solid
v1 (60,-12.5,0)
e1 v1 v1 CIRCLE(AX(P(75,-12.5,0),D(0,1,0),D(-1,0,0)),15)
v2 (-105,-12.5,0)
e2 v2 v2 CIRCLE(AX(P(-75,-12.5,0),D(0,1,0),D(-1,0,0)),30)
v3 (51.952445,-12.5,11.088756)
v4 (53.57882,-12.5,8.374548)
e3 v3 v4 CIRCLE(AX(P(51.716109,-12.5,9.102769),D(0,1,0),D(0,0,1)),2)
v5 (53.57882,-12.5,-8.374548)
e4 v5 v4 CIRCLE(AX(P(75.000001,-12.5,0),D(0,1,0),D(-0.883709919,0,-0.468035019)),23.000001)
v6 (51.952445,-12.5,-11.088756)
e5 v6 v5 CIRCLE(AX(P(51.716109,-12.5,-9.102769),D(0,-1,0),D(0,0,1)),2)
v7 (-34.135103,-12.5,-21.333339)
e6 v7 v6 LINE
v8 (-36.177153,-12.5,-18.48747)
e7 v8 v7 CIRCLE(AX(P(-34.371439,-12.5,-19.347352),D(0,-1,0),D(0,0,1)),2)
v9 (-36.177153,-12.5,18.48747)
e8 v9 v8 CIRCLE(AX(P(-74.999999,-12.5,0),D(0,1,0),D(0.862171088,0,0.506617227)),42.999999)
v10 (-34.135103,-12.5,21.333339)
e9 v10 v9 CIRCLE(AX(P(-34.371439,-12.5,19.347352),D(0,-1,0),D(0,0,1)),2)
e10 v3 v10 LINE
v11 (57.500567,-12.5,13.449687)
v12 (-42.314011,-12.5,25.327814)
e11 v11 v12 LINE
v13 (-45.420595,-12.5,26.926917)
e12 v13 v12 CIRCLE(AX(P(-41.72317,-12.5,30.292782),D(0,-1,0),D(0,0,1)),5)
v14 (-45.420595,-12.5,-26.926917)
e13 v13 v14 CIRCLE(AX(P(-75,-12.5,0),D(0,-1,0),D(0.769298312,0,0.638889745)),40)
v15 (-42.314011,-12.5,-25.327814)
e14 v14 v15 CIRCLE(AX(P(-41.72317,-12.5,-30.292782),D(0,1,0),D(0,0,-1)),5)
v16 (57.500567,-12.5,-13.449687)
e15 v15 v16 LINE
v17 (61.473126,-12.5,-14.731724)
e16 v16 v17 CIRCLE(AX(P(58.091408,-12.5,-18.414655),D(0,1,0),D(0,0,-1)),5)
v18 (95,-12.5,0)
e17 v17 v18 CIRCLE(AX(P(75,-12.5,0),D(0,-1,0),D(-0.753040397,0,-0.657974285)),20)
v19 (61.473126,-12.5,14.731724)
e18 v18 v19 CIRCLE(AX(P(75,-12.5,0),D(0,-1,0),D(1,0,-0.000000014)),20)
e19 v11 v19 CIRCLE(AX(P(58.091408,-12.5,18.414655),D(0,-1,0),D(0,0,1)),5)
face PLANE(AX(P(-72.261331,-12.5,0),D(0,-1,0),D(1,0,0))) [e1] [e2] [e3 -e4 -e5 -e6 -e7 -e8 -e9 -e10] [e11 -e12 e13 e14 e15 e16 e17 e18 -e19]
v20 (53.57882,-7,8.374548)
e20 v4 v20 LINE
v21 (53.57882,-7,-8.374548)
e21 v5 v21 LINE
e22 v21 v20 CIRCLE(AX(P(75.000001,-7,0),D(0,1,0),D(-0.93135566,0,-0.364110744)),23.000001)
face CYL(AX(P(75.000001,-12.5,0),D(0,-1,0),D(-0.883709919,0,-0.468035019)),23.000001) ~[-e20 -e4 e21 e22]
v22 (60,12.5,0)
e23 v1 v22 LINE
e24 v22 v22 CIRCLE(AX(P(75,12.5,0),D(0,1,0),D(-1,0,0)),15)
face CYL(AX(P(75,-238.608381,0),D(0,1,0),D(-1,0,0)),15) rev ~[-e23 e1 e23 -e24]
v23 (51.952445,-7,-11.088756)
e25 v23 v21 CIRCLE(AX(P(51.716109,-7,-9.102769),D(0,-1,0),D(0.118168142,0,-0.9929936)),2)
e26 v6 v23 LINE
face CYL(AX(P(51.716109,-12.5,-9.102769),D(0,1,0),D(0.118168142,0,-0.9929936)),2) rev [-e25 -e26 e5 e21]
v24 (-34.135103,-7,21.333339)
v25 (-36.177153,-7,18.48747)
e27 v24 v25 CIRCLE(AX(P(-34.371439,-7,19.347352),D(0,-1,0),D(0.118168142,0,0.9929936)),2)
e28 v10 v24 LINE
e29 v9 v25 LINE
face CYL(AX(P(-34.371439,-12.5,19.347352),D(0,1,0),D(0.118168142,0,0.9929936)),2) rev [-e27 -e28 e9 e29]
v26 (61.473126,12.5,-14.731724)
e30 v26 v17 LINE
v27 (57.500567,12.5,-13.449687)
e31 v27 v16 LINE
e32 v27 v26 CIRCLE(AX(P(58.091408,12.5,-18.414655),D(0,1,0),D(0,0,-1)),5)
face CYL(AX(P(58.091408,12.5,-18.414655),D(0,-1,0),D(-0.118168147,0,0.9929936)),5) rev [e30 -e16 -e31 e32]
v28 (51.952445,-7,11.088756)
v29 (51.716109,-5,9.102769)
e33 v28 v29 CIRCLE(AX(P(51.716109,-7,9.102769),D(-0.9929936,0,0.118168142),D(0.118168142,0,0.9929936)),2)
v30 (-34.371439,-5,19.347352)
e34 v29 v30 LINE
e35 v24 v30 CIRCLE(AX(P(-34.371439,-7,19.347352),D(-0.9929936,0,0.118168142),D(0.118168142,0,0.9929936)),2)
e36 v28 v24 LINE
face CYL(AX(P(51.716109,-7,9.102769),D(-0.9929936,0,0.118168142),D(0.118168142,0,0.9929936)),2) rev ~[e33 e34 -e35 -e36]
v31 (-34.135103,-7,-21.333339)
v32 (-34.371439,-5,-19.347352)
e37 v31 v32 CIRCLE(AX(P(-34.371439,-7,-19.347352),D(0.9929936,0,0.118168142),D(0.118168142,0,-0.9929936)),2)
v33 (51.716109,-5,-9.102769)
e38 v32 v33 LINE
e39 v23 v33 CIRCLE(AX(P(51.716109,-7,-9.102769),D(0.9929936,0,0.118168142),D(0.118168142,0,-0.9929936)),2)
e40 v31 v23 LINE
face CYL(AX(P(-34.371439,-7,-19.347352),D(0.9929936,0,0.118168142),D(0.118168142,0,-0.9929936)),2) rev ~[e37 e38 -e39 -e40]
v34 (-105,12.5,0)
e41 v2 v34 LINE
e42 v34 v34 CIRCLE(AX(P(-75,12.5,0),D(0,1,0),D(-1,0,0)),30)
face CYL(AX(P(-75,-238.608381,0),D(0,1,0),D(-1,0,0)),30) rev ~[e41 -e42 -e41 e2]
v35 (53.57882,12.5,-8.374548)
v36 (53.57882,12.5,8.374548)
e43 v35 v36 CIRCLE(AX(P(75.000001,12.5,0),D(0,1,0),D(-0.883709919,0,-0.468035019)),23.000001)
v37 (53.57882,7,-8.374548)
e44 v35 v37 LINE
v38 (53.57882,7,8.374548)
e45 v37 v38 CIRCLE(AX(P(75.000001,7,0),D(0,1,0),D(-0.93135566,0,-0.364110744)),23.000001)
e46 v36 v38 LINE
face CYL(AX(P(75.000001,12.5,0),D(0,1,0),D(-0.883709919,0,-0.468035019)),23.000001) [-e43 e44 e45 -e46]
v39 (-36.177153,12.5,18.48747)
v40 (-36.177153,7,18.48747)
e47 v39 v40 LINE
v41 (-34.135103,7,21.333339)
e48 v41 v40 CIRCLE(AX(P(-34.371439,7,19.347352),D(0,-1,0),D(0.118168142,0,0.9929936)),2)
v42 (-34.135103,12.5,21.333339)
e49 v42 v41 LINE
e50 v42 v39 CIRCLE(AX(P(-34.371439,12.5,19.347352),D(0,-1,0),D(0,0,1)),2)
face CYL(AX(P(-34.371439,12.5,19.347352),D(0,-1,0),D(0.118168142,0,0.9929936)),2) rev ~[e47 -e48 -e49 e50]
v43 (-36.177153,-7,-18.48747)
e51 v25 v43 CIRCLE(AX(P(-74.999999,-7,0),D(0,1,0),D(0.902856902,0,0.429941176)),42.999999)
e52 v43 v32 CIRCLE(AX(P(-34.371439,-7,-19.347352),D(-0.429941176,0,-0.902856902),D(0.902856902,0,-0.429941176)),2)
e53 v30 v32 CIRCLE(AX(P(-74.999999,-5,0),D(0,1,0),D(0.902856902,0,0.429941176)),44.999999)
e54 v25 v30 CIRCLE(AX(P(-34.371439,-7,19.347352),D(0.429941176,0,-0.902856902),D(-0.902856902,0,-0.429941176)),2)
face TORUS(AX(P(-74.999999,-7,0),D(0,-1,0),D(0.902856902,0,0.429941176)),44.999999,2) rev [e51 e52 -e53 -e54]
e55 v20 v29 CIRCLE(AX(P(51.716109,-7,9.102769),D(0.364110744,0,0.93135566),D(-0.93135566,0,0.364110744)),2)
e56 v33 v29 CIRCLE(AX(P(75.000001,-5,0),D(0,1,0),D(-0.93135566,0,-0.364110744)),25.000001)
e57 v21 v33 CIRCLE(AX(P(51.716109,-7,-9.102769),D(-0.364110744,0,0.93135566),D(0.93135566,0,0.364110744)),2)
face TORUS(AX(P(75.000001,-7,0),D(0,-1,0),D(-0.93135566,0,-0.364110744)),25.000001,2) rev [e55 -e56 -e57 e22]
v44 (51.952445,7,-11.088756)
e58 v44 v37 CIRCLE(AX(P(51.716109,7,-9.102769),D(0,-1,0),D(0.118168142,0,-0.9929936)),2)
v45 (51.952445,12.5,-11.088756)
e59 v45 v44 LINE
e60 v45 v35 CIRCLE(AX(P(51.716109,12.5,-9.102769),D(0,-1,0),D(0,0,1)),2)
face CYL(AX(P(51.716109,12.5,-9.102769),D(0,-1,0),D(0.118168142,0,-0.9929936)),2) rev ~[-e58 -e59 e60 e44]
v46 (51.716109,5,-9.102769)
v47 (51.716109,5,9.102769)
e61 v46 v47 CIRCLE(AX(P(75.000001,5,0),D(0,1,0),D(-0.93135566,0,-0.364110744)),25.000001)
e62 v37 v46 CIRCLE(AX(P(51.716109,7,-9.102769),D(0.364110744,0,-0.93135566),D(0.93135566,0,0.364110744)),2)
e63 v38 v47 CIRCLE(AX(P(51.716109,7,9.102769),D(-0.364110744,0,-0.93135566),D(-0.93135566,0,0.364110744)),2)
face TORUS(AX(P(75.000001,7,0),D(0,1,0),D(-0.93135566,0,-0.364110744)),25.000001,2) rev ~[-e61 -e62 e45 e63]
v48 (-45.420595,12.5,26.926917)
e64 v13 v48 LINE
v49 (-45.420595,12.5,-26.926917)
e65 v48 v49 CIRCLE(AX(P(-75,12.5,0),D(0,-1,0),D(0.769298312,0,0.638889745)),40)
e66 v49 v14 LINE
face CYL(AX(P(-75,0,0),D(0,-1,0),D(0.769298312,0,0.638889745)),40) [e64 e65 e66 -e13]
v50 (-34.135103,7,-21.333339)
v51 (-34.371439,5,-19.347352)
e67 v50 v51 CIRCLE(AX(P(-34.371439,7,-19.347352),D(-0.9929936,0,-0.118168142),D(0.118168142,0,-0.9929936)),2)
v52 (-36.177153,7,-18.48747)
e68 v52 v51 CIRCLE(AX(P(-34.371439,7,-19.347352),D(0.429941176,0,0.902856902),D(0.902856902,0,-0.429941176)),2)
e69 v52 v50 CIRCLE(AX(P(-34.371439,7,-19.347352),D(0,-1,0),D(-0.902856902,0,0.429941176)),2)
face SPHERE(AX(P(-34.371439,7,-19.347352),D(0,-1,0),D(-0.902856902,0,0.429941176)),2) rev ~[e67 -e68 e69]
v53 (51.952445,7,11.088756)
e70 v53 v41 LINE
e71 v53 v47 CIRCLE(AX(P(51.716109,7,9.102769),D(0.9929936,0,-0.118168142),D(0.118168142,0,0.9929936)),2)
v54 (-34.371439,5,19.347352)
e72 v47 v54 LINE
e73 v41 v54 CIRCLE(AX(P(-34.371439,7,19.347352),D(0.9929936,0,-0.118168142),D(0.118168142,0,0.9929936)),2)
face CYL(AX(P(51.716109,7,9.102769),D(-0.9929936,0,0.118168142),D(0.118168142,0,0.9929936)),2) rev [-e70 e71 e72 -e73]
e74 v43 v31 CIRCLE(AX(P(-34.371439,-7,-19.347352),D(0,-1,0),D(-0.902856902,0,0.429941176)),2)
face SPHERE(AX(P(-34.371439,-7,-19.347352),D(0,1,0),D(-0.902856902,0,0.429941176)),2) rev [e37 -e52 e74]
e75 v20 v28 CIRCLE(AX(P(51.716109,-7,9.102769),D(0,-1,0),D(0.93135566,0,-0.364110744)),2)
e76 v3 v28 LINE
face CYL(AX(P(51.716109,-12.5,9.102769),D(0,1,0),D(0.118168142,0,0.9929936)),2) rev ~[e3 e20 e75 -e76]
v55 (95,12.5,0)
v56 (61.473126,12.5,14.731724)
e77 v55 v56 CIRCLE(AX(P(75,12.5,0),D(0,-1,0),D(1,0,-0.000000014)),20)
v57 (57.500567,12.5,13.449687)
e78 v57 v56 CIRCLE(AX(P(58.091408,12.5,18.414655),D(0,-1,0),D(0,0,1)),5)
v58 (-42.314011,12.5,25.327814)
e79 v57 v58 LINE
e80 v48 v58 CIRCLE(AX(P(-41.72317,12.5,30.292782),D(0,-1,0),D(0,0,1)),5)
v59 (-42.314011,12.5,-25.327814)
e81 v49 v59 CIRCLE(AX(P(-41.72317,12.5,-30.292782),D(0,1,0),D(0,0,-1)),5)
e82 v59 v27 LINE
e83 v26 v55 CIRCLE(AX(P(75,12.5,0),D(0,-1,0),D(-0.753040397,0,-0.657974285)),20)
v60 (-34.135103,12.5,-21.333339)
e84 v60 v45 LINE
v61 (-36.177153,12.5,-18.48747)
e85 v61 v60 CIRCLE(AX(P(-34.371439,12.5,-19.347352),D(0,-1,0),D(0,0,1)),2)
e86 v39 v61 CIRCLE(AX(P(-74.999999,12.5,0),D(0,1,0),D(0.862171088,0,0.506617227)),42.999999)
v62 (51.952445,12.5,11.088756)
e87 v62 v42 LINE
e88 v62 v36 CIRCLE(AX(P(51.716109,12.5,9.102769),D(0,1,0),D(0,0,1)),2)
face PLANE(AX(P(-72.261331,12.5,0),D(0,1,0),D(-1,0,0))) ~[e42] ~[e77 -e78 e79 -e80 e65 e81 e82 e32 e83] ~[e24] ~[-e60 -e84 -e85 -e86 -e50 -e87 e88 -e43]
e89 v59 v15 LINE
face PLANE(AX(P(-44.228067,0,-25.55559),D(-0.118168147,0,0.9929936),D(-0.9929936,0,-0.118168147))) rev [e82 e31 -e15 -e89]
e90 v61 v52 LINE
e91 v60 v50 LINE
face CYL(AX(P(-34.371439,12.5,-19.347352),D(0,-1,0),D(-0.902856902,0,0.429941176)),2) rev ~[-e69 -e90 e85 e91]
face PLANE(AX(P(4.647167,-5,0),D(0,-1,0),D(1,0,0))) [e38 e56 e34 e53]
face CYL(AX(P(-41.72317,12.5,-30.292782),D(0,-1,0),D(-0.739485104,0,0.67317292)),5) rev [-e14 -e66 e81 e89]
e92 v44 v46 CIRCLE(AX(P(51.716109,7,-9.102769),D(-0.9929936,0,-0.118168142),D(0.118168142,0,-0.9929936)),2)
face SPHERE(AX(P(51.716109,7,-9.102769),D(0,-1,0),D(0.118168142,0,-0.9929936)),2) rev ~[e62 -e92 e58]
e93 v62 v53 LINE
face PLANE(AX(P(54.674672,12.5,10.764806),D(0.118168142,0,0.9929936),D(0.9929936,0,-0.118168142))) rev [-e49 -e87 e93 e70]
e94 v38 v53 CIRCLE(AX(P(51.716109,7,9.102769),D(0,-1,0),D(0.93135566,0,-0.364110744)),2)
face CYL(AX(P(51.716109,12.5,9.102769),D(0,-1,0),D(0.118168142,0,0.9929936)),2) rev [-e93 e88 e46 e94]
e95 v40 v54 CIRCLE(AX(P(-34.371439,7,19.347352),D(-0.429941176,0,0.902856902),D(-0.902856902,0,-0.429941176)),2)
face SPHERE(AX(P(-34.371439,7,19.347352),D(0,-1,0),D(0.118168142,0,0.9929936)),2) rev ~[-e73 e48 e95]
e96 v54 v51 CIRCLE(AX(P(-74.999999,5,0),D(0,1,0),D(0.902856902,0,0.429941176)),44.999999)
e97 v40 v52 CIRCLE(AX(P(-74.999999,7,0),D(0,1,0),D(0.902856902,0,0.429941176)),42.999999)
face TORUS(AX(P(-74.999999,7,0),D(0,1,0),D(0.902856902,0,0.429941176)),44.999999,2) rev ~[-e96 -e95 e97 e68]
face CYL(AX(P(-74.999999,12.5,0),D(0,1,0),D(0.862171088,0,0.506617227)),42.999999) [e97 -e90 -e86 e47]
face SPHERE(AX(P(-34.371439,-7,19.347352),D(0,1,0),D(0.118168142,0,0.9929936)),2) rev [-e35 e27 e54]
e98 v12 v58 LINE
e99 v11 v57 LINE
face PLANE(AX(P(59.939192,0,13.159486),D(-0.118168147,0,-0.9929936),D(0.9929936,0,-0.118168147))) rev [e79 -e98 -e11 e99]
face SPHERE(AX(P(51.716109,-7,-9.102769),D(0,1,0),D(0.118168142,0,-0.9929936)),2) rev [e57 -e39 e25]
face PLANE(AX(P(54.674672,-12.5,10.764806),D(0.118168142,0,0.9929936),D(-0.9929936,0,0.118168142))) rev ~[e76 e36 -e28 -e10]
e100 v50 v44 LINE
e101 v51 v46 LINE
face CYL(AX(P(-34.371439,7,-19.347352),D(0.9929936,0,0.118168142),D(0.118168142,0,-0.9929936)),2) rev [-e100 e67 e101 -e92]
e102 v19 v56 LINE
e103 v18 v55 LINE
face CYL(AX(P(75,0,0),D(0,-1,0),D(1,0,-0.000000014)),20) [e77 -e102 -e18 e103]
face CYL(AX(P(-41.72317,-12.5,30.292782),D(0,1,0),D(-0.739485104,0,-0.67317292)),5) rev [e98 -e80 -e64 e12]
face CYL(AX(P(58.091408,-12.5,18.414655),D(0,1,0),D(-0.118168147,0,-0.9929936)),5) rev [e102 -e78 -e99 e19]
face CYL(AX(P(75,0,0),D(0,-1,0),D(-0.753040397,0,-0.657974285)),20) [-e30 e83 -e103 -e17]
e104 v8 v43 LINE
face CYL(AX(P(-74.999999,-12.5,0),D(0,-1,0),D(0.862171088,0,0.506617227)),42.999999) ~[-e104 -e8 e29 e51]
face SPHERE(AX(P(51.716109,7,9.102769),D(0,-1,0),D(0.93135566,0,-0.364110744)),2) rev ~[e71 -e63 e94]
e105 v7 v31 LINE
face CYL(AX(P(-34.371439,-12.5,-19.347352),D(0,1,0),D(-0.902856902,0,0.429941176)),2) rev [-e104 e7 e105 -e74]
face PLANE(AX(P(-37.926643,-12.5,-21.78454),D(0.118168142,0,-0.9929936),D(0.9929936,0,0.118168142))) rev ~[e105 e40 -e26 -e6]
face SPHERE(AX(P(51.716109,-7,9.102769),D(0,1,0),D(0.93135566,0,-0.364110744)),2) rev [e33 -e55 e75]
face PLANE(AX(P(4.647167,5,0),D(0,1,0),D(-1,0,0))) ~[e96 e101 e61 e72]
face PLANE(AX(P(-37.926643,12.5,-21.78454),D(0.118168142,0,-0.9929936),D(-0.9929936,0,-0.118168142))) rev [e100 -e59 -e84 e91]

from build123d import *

# Parameters (mm, degrees)
F1_DEPTH = 12.5
F3_DEPTH = 7.5
F4_R     = 2
F5_R     = 2
F8_D     = 60
F9_D     = 30
F10_R    = 5


with BuildPart() as f1:
    # F0 (on Front) → F1 (new body)
    with BuildSketch(Plane.XZ):
        with BuildLine():
            ThreePointArc((-44.228067, -25.55559), (-37.377684, -13.585336), (-35, 0))
            ThreePointArc((-35, 0), (-37.377684, 13.585336), (-44.228067, 25.55559))
            ThreePointArc((-44.228067, 25.55559), (-115, 0), (-44.228067, -25.55559))
        make_face()
        with BuildLine():
            ThreePointArc((-44.228067, 25.55559), (-37.377684, 13.585336), (-35, 0))
            ThreePointArc((-35, 0), (-37.377684, -13.585336), (-44.228067, -25.55559))
            Line((-44.228067, -25.55559), (59.939192, -13.159486))
            ThreePointArc((59.939192, -13.159486), (55, 0), (59.939192, 13.159486))
            Line((59.939192, 13.159486), (-44.228067, 25.55559))
        make_face()
        with BuildLine():
            ThreePointArc((95, 0), (82.027938, 18.724532), (59.939192, 13.159486))
            ThreePointArc((59.939192, 13.159486), (55, 0), (59.939192, -13.159486))
            ThreePointArc((59.939192, -13.159486), (82.027938, -18.724532), (95, 0))
        make_face()
    extrude(amount=F1_DEPTH)

    # F2 (on face) → F3 (cut)
    with BuildSketch(Plane.XZ.offset(12.5)):
        with BuildLine():
            Line((54.674672, 10.764806), (-37.926643, 21.78454))
            ThreePointArc((-37.926643, 21.78454), (-32, 0), (-37.926643, -21.78454))
            Line((-37.926643, -21.78454), (54.674672, -10.764806))
            ThreePointArc((54.674672, -10.764806), (52, 0), (54.674672, 10.764806))
        make_face()
    extrude(amount=-F3_DEPTH, mode=Mode.SUBTRACT)

    # F4
    f4_edges = [f1.edges().sort_by_distance(p)[0] for p in [
        (-37.926643, -8.75, -21.78454),
        (54.674672, -8.75, 10.764806),
        (54.674672, -8.75, -10.764806),
        (-37.926643, -8.75, 21.78454),
    ]]
    fillet(f4_edges, radius=F4_R)

    # F5
    f5_edges = [f1.edges().sort_by_distance(p)[0] for p in [
        (8.908671, -5, 16.211048),
    ]]
    fillet(f5_edges, radius=F5_R)

    # F6: F1 across plane


with BuildPart() as f1_1:
    add(f1.part)
    add(f1.part.mirror(Plane.XZ))

    # F8 (through all)
    with Locations(Plane.XZ.offset(12.5)):
        with Locations((-75, 0)):
            Hole(F8_D / 2)

    # F9 (through all)
    with Locations(Plane.XZ.offset(12.5)):
        with Locations((75, 0)):
            Hole(F9_D / 2)

    # F10
    f10_edges = [f1_1.edges().sort_by_distance(p)[0] for p in [
        (-44.228067, -6.25, 25.55559),
        (59.939192, -6.25, 13.159486),
        (-44.228067, -6.25, -25.55559),
        (59.939192, -6.25, -13.159486),
    ]]
    fillet(f10_edges, radius=F10_R)


solid = f1_1.part
